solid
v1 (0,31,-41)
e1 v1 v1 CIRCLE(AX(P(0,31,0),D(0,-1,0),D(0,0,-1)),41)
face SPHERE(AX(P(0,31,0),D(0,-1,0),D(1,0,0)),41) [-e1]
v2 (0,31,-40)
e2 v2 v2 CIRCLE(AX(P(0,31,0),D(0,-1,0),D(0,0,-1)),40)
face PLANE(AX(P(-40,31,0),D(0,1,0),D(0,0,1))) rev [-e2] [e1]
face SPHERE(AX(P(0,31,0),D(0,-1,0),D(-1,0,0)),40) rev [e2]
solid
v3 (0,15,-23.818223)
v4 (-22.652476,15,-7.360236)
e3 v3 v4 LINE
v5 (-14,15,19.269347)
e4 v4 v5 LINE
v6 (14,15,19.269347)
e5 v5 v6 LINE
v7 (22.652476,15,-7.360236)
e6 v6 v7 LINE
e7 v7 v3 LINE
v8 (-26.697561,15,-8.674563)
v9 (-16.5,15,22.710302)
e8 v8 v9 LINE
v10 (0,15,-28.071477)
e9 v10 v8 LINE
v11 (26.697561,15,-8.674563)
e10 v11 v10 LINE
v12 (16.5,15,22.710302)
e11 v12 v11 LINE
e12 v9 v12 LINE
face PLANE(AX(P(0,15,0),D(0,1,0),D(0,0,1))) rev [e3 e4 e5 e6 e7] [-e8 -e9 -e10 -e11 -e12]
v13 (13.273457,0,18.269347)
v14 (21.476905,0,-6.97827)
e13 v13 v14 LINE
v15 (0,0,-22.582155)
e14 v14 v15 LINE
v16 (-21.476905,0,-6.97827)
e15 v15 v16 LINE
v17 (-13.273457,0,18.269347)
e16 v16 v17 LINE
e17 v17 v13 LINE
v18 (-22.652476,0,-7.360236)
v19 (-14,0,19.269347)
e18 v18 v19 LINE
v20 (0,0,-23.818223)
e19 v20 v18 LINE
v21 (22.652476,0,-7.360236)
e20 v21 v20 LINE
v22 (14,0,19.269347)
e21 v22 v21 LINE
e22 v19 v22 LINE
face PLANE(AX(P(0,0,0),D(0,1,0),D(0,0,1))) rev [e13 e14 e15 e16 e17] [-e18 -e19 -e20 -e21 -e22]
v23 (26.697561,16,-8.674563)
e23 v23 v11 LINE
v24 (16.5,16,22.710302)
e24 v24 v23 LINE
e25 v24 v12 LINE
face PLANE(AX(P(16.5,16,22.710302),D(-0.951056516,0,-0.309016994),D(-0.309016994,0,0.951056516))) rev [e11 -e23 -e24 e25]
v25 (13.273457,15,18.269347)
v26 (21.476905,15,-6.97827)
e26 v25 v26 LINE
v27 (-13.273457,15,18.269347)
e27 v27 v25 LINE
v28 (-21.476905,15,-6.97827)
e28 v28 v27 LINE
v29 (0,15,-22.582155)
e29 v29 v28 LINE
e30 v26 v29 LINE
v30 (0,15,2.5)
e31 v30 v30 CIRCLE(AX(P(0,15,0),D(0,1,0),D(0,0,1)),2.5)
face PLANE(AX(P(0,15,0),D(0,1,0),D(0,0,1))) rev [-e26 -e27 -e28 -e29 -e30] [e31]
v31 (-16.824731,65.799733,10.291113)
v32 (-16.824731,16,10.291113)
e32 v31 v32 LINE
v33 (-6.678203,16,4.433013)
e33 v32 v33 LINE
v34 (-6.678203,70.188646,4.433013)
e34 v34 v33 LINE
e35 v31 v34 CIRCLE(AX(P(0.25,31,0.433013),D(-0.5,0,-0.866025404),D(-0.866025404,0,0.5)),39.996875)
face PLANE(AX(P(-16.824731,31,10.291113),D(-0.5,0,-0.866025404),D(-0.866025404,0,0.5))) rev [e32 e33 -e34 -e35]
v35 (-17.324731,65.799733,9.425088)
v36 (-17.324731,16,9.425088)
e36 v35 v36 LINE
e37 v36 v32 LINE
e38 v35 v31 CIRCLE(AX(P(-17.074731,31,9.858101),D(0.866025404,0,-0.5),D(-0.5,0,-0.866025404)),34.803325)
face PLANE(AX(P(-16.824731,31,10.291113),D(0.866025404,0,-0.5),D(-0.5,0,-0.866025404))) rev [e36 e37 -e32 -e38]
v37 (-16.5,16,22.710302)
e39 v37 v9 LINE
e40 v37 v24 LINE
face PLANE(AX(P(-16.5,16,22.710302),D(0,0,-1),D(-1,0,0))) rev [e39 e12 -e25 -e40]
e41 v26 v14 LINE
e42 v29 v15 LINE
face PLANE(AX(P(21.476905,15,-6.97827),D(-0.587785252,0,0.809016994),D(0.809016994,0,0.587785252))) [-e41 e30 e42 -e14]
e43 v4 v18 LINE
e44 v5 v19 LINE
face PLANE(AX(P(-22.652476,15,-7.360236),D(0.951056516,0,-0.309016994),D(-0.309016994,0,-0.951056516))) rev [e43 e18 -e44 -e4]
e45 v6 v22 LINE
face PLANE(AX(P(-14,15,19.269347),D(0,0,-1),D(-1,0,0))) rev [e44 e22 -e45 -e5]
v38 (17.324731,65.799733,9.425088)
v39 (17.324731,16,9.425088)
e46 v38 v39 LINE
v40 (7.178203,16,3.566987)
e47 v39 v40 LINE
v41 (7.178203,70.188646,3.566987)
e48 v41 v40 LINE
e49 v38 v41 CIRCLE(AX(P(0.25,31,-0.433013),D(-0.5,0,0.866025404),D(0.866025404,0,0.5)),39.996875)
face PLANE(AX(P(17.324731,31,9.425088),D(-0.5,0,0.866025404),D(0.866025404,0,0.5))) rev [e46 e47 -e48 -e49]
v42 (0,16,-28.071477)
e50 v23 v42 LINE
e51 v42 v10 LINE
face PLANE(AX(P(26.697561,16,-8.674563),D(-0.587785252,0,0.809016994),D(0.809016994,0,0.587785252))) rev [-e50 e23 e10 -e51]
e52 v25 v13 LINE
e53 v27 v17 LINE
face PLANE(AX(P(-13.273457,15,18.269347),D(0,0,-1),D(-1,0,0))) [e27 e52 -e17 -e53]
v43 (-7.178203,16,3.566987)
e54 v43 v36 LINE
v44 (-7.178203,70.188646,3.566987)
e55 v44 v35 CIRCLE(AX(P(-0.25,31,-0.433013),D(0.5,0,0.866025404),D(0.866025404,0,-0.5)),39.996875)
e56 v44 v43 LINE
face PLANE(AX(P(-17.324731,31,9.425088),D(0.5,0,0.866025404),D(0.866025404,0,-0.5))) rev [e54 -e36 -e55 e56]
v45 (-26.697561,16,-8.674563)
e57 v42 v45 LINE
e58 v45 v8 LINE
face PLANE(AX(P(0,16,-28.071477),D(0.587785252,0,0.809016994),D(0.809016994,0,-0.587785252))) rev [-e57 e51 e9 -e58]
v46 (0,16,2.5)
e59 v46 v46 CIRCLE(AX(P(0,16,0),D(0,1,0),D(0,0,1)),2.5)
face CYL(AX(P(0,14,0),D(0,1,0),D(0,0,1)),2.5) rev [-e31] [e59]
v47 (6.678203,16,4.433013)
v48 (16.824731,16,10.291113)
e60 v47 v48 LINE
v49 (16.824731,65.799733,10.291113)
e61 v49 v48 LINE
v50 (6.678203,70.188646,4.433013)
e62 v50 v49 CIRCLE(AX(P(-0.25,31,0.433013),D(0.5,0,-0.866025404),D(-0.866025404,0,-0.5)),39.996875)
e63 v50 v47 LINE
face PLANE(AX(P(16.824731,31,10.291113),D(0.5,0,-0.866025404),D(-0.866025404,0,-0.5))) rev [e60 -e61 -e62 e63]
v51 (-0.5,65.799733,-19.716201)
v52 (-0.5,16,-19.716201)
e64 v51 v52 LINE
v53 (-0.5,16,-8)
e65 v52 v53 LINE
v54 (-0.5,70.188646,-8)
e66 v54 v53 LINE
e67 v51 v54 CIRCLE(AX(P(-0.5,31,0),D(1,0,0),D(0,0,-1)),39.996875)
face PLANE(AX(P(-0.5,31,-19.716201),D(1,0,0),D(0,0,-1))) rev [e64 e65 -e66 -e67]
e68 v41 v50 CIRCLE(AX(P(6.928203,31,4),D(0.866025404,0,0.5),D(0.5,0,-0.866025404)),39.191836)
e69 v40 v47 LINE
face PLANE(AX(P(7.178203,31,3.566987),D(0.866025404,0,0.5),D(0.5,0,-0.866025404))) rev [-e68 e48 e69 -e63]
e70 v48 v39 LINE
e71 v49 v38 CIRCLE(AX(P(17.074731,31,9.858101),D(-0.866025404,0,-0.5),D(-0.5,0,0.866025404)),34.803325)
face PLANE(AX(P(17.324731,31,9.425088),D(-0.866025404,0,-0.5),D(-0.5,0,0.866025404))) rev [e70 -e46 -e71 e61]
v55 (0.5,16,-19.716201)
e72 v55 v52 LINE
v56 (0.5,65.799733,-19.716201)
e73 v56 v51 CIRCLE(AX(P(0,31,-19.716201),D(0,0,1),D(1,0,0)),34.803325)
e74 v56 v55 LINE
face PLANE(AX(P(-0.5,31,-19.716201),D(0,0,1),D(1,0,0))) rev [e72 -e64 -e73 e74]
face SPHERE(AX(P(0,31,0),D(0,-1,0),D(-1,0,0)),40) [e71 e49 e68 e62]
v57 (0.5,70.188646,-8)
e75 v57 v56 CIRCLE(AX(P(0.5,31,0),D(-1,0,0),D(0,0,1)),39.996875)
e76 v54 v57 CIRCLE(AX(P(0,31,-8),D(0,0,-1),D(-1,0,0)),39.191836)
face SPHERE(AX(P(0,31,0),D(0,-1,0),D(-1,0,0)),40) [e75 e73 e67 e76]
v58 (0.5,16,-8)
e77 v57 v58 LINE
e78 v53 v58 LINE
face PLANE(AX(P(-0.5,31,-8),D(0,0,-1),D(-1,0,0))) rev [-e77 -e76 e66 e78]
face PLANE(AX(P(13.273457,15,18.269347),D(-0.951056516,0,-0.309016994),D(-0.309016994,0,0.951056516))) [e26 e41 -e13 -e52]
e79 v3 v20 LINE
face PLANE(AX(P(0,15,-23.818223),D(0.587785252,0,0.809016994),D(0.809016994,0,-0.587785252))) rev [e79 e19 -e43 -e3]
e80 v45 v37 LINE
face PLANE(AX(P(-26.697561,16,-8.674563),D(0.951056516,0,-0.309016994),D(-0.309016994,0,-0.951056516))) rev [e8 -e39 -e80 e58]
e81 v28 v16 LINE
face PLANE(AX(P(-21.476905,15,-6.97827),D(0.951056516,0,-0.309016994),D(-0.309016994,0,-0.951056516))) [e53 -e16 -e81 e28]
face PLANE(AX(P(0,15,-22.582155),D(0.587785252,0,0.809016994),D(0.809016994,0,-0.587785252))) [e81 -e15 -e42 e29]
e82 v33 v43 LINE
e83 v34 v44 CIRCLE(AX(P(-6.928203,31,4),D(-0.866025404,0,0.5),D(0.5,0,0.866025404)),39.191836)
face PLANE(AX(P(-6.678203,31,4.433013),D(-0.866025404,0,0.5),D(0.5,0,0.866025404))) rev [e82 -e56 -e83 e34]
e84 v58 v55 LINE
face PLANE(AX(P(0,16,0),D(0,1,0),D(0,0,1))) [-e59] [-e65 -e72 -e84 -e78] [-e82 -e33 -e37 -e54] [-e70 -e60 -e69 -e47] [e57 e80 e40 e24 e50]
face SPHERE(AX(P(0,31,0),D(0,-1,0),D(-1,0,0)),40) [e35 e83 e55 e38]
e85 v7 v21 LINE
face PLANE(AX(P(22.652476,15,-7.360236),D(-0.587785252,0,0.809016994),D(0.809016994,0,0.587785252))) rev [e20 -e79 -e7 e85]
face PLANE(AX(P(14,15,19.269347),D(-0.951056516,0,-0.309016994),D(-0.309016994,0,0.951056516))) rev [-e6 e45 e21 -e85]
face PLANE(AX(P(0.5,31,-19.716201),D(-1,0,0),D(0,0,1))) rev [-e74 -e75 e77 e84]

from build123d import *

# Parameters (mm, degrees)
BOSS_EXTRUDE1_DEPTH = 15
BOSS_EXTRUDE2_DEPTH = 1
SKETCH3_R           = 2.5
CUT_EXTRUDE1_DEPTH  = 2
SKETCH4_W           = 1
SKETCH4_H           = 11.716201321
BOSS_EXTRUDE4_DEPTH = 15
BOSS_EXTRUDE6_REACH = 73.014
SKETCH7_W           = 1
SKETCH7_H           = 11.716201321


with BuildPart() as part:
    # Sketch1 → Boss-Extrude1 (new body)
    with BuildSketch(Plane(origin=(0, 0, 0), x_dir=(1, 0, 0), z_dir=(0, 1, 0))):
        Polygon((-22.652475842, 7.36023557), (-14, -19.269346887), (14, -19.269346887), (22.652475842, 7.36023557), (0, 23.818222634), align=None)
        Polygon((13.273457472, -18.269346887), (21.476905338, 6.978269558), (0, 22.582154656), (-21.476905338, 6.978269558), (-13.273457472, -18.269346887), align=None, mode=Mode.SUBTRACT)
    extrude(amount=BOSS_EXTRUDE1_DEPTH)

    # Sketch2 → Boss-Extrude2 (add)
    with BuildSketch(Plane(origin=(0, 15, 0), x_dir=(1, 0, 0), z_dir=(0, 1, 0))):
        Polygon((16.5, -22.710301688), (26.697560814, 8.67456335), (0, 28.071476676), (-26.697560814, 8.67456335), (-16.5, -22.710301688), align=None)
    extrude(amount=BOSS_EXTRUDE2_DEPTH)

    # Sketch3 → Cut-Extrude1 (cut)
    with BuildSketch(Plane(origin=(0, 16, 0), x_dir=(1, 0, 0), z_dir=(0, 1, 0))):
        with Locations(Location((0, 0, 0), (0, 0, 270))):
            Circle(SKETCH3_R)
    extrude(amount=-CUT_EXTRUDE1_DEPTH, mode=Mode.SUBTRACT)

    # Sketch4 → Boss-Extrude4 (add)
    with BuildSketch(Plane(origin=(0, 16, 0), x_dir=(1, 0, 0), z_dir=(0, 1, 0))):
        with Locations((0, 13.85810066)):
            Rectangle(SKETCH4_W, SKETCH4_H)
        Polygon((17.32473121, -9.425087959), (7.17820323, -3.566987298), (6.67820323, -4.433012702), (16.82473121, -10.291113362), align=None)
        Polygon((-16.82473121, -10.291113362), (-6.67820323, -4.433012702), (-7.17820323, -3.566987298), (-17.32473121, -9.425087959), align=None)
    extrude(amount=BOSS_EXTRUDE4_DEPTH)



with BuildPart() as body_2:
    # Sketch6 → Revolve1 (revolve)
    with BuildSketch(Plane.XY, mode=Mode.PRIVATE) as revolve1_sk:
        with BuildLine():
            Line((0, 72), (0, 71))
            ThreePointArc((0, 71), (-28.284271247, 59.284271247), (-40, 31))
            Line((-40, 31), (-41, 31))
            ThreePointArc((-41, 31), (-28.991378029, 59.991378029), (0, 72))
        make_face()
    revolve(revolve1_sk.sketch.rotate(Axis((0, 31, 0), (0, 1, 0)), 180), axis=Axis((0, 31, 0), (0, 1, 0)))


with BuildPart() as part_1:
    add(part.part)

    # Sketch7 → Boss-Extrude6 (add, up to next)
    with BuildSketch(Plane(origin=(0, 31, 0), x_dir=(1, 0, 0), z_dir=(0, 1, 0)), mode=Mode.PRIVATE) as boss_extrude6_sk1:
        Polygon((17.32473121, -9.425087959), (7.17820323, -3.566987298), (6.67820323, -4.433012702), (16.82473121, -10.291113362), align=None)
    boss_extrude6_tool1 = extrude(boss_extrude6_sk1.sketch, amount=BOSS_EXTRUDE6_REACH, mode=Mode.PRIVATE) - body_2.part
    # Sketch7 → Boss-Extrude6 (add, up to next)
    with BuildSketch(Plane(origin=(0, 31, 0), x_dir=(1, 0, 0), z_dir=(0, 1, 0)), mode=Mode.PRIVATE) as boss_extrude6_sk2:
        with Locations((0, 13.85810066)):
            Rectangle(SKETCH7_W, SKETCH7_H)
    boss_extrude6_tool2 = extrude(boss_extrude6_sk2.sketch, amount=BOSS_EXTRUDE6_REACH, mode=Mode.PRIVATE) - body_2.part
    # Sketch7 → Boss-Extrude6 (add, up to next)
    with BuildSketch(Plane(origin=(0, 31, 0), x_dir=(1, 0, 0), z_dir=(0, 1, 0)), mode=Mode.PRIVATE) as boss_extrude6_sk3:
        Polygon((-16.82473121, -10.291113362), (-6.67820323, -4.433012702), (-7.17820323, -3.566987298), (-17.32473121, -9.425087959), align=None)
    boss_extrude6_tool3 = extrude(boss_extrude6_sk3.sketch, amount=BOSS_EXTRUDE6_REACH, mode=Mode.PRIVATE) - body_2.part
    add(boss_extrude6_tool1.solids().sort_by_distance((12.001467, 31, 6.92905))[0])
    add(boss_extrude6_tool2.solids().sort_by_distance((0, 31, -13.858101))[0])
    add(boss_extrude6_tool3.solids().sort_by_distance((-12.001467, 31, 6.92905))[0])


solid = Compound([body_2.part, part_1.part])
